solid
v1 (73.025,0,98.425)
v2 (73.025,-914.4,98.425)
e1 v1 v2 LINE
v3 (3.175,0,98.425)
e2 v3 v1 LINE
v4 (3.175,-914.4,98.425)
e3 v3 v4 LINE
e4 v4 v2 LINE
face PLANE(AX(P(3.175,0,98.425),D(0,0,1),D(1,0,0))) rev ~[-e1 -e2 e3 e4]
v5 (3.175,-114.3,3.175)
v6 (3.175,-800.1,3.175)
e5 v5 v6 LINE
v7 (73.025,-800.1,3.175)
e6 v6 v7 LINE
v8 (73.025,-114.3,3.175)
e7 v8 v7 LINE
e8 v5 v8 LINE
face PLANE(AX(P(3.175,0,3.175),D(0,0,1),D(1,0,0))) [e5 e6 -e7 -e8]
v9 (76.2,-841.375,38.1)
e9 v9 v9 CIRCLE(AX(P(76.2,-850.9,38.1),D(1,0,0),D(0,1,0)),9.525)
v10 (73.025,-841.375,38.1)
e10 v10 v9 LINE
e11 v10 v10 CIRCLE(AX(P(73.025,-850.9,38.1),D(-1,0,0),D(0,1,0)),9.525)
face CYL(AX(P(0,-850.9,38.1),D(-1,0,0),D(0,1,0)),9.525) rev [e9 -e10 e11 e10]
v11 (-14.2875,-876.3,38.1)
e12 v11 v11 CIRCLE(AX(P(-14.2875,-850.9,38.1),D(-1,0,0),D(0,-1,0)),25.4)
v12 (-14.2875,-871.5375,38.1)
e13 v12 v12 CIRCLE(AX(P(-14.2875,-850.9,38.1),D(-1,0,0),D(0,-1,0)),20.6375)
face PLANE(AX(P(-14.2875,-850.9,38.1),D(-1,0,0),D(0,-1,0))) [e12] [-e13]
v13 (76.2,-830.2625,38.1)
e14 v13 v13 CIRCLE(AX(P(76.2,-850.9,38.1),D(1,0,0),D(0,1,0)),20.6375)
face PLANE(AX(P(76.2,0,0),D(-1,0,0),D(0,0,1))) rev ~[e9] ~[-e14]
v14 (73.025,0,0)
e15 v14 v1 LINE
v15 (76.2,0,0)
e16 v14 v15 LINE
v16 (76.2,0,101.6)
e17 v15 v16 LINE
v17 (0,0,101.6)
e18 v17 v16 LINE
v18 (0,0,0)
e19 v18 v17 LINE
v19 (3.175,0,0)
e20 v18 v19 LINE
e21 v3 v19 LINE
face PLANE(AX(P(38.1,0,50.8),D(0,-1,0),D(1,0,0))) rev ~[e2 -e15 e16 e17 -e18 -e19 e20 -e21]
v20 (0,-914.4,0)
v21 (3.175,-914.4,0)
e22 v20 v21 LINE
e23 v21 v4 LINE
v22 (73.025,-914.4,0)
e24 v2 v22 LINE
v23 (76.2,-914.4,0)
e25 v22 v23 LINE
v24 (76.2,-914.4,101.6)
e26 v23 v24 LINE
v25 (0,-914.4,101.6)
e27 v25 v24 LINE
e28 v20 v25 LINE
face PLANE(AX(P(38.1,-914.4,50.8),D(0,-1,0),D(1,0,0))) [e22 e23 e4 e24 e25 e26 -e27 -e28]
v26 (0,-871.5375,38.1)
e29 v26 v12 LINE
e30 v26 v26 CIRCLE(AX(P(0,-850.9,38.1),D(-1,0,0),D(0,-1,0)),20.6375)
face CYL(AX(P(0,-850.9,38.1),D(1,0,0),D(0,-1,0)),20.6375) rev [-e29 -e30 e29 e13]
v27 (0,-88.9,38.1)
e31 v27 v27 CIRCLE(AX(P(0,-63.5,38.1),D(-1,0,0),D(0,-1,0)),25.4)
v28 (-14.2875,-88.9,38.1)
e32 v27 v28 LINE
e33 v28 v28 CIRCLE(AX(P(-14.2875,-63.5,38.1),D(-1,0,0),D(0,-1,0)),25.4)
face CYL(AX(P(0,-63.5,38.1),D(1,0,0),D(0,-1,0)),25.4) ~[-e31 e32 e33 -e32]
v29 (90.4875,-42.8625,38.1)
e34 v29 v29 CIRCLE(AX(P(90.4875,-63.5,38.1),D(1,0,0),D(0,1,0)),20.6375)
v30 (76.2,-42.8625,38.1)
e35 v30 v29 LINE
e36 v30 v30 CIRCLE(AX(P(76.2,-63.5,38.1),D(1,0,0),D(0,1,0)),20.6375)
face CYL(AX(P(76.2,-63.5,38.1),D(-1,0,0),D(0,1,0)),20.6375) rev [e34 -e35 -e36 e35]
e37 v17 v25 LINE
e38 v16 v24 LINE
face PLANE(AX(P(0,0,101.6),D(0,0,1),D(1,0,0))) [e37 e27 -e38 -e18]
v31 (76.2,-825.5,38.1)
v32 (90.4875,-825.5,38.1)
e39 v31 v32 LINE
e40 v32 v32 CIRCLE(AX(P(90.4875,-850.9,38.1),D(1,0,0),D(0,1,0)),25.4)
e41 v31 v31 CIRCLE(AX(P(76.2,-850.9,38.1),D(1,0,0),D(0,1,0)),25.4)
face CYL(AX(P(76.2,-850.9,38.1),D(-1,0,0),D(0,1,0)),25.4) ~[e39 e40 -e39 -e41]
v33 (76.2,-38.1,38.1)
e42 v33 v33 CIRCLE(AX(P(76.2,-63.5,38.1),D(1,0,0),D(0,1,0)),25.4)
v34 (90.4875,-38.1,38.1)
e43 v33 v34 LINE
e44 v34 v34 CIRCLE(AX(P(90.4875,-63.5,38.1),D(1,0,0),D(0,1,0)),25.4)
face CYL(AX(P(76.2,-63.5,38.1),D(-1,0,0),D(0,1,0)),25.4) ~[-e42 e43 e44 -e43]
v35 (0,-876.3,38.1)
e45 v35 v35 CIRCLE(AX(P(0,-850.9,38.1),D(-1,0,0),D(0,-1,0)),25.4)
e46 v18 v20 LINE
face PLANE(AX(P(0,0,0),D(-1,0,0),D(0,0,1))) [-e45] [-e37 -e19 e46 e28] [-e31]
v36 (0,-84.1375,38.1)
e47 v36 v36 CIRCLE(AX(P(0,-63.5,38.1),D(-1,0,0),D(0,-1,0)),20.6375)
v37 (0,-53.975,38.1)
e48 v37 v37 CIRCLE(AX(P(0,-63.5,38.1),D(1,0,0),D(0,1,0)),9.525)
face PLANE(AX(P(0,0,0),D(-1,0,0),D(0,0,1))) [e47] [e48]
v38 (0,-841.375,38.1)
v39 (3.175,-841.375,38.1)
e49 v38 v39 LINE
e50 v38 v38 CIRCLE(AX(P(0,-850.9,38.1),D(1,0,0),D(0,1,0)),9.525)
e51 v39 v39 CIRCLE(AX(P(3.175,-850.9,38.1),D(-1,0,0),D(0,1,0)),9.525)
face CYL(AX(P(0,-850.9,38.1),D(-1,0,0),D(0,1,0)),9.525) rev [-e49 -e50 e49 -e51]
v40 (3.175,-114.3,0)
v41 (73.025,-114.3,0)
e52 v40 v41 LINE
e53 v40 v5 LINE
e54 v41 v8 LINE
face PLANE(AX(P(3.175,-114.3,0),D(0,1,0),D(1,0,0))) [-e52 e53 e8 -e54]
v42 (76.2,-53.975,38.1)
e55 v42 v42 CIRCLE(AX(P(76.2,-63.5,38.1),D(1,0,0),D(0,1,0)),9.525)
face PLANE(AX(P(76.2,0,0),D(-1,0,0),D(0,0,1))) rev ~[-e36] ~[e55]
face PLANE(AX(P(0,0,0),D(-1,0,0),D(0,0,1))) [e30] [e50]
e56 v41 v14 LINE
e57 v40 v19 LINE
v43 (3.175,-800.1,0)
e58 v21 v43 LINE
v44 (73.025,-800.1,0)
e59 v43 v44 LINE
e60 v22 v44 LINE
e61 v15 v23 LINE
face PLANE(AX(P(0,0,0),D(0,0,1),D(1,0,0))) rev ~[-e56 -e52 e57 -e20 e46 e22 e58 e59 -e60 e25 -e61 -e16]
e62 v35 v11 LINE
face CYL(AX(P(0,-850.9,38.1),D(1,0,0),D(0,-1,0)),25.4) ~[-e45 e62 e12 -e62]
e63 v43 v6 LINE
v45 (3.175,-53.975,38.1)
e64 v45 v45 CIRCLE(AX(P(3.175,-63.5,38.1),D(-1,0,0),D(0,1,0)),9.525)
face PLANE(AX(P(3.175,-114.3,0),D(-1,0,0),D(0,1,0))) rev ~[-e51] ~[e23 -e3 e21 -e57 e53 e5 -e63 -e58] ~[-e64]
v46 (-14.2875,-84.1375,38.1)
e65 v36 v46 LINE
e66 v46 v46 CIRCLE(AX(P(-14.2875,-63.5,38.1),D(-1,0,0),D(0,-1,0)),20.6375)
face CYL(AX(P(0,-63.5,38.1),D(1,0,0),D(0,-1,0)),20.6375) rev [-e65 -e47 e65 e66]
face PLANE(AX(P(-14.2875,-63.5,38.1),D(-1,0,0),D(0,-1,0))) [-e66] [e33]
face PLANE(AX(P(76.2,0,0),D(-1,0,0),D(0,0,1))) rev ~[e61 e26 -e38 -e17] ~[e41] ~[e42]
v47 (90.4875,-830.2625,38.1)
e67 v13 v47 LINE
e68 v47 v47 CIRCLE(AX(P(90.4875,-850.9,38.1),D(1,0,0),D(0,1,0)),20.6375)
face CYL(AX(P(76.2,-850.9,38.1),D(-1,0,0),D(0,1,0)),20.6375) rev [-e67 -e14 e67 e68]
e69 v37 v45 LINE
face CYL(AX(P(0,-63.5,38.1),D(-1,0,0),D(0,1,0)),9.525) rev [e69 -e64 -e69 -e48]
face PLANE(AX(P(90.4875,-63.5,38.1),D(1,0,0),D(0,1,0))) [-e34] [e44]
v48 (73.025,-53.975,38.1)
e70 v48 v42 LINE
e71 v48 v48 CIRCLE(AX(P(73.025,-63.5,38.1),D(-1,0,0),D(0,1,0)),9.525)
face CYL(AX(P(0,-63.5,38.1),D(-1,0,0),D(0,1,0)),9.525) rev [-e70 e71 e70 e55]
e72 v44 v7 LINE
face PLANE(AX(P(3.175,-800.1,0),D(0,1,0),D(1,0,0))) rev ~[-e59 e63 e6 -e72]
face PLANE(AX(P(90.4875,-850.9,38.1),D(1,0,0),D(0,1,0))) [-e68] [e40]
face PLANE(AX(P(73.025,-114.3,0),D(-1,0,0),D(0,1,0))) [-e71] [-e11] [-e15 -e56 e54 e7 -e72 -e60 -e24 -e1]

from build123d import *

# Parameters (mm, degrees)
F0_W     = 76.2
F0_H     = 101.6
F0_W_2   = 69.85
F0_H_2   = 95.25
F1_DEPTH = 914.4
F2_R     = 9.525
F3_DEPTH = 76.2
F4_W     = 69.85
F4_H     = 114.3
F5_DEPTH = 3.175
F6_R     = 25.4
F6_R_2   = 20.6375
F7_DEPTH = 14.2875
F8_R     = 25.4
F8_R_2   = 20.6375
F9_DEPTH = 14.2875


with BuildPart() as f1:
    # F0 (on Front) → F1 (new body)
    with BuildSketch(Plane.XZ):
        with Locations((38.1, 50.8)):
            Rectangle(F0_W, F0_H)
        with Locations((38.1, 50.8)):
            Rectangle(F0_W_2, F0_H_2, mode=Mode.SUBTRACT)
    extrude(amount=F1_DEPTH)

    # F2 (on Right) → F3 (cut)
    with BuildSketch(Plane.YZ):
        with Locations((-850.9, 38.1)):
            Circle(F2_R)
        with Locations((-63.5, 38.1)):
            Circle(F2_R)
    extrude(amount=F3_DEPTH, mode=Mode.SUBTRACT)

    # F4 (on Top) → F5 (cut)
    with BuildSketch(Plane.XY):
        with Locations((38.1, -857.25)):
            Rectangle(F4_W, F4_H)
        with Locations((38.1, -57.15)):
            Rectangle(F4_W, F4_H)
    extrude(amount=F5_DEPTH, mode=Mode.SUBTRACT)

    # F6 (on face) → F7 (join)
    with BuildSketch(Plane.YZ.offset(76.2)):
        with Locations((-850.9, 38.1)):
            Circle(F6_R)
        with Locations((-850.9, 38.1)):
            Circle(F6_R_2, mode=Mode.SUBTRACT)
        with Locations((-63.5, 38.1)):
            Circle(F6_R)
        with Locations((-63.5, 38.1)):
            Circle(F6_R_2, mode=Mode.SUBTRACT)
    extrude(amount=F7_DEPTH)

    # F8 (on face) → F9 (join)
    with BuildSketch(Plane(origin=(0, 0, 0), x_dir=(0, -1, 0), z_dir=(-1, 0, 0))):
        with Locations((63.5, 38.1)):
            Circle(F8_R)
        with Locations((63.5, 38.1)):
            Circle(F8_R_2, mode=Mode.SUBTRACT)
        with Locations((850.9, 38.1)):
            Circle(F8_R)
        with Locations((850.9, 38.1)):
            Circle(F8_R_2, mode=Mode.SUBTRACT)
    extrude(amount=F9_DEPTH)


solid = f1.part
